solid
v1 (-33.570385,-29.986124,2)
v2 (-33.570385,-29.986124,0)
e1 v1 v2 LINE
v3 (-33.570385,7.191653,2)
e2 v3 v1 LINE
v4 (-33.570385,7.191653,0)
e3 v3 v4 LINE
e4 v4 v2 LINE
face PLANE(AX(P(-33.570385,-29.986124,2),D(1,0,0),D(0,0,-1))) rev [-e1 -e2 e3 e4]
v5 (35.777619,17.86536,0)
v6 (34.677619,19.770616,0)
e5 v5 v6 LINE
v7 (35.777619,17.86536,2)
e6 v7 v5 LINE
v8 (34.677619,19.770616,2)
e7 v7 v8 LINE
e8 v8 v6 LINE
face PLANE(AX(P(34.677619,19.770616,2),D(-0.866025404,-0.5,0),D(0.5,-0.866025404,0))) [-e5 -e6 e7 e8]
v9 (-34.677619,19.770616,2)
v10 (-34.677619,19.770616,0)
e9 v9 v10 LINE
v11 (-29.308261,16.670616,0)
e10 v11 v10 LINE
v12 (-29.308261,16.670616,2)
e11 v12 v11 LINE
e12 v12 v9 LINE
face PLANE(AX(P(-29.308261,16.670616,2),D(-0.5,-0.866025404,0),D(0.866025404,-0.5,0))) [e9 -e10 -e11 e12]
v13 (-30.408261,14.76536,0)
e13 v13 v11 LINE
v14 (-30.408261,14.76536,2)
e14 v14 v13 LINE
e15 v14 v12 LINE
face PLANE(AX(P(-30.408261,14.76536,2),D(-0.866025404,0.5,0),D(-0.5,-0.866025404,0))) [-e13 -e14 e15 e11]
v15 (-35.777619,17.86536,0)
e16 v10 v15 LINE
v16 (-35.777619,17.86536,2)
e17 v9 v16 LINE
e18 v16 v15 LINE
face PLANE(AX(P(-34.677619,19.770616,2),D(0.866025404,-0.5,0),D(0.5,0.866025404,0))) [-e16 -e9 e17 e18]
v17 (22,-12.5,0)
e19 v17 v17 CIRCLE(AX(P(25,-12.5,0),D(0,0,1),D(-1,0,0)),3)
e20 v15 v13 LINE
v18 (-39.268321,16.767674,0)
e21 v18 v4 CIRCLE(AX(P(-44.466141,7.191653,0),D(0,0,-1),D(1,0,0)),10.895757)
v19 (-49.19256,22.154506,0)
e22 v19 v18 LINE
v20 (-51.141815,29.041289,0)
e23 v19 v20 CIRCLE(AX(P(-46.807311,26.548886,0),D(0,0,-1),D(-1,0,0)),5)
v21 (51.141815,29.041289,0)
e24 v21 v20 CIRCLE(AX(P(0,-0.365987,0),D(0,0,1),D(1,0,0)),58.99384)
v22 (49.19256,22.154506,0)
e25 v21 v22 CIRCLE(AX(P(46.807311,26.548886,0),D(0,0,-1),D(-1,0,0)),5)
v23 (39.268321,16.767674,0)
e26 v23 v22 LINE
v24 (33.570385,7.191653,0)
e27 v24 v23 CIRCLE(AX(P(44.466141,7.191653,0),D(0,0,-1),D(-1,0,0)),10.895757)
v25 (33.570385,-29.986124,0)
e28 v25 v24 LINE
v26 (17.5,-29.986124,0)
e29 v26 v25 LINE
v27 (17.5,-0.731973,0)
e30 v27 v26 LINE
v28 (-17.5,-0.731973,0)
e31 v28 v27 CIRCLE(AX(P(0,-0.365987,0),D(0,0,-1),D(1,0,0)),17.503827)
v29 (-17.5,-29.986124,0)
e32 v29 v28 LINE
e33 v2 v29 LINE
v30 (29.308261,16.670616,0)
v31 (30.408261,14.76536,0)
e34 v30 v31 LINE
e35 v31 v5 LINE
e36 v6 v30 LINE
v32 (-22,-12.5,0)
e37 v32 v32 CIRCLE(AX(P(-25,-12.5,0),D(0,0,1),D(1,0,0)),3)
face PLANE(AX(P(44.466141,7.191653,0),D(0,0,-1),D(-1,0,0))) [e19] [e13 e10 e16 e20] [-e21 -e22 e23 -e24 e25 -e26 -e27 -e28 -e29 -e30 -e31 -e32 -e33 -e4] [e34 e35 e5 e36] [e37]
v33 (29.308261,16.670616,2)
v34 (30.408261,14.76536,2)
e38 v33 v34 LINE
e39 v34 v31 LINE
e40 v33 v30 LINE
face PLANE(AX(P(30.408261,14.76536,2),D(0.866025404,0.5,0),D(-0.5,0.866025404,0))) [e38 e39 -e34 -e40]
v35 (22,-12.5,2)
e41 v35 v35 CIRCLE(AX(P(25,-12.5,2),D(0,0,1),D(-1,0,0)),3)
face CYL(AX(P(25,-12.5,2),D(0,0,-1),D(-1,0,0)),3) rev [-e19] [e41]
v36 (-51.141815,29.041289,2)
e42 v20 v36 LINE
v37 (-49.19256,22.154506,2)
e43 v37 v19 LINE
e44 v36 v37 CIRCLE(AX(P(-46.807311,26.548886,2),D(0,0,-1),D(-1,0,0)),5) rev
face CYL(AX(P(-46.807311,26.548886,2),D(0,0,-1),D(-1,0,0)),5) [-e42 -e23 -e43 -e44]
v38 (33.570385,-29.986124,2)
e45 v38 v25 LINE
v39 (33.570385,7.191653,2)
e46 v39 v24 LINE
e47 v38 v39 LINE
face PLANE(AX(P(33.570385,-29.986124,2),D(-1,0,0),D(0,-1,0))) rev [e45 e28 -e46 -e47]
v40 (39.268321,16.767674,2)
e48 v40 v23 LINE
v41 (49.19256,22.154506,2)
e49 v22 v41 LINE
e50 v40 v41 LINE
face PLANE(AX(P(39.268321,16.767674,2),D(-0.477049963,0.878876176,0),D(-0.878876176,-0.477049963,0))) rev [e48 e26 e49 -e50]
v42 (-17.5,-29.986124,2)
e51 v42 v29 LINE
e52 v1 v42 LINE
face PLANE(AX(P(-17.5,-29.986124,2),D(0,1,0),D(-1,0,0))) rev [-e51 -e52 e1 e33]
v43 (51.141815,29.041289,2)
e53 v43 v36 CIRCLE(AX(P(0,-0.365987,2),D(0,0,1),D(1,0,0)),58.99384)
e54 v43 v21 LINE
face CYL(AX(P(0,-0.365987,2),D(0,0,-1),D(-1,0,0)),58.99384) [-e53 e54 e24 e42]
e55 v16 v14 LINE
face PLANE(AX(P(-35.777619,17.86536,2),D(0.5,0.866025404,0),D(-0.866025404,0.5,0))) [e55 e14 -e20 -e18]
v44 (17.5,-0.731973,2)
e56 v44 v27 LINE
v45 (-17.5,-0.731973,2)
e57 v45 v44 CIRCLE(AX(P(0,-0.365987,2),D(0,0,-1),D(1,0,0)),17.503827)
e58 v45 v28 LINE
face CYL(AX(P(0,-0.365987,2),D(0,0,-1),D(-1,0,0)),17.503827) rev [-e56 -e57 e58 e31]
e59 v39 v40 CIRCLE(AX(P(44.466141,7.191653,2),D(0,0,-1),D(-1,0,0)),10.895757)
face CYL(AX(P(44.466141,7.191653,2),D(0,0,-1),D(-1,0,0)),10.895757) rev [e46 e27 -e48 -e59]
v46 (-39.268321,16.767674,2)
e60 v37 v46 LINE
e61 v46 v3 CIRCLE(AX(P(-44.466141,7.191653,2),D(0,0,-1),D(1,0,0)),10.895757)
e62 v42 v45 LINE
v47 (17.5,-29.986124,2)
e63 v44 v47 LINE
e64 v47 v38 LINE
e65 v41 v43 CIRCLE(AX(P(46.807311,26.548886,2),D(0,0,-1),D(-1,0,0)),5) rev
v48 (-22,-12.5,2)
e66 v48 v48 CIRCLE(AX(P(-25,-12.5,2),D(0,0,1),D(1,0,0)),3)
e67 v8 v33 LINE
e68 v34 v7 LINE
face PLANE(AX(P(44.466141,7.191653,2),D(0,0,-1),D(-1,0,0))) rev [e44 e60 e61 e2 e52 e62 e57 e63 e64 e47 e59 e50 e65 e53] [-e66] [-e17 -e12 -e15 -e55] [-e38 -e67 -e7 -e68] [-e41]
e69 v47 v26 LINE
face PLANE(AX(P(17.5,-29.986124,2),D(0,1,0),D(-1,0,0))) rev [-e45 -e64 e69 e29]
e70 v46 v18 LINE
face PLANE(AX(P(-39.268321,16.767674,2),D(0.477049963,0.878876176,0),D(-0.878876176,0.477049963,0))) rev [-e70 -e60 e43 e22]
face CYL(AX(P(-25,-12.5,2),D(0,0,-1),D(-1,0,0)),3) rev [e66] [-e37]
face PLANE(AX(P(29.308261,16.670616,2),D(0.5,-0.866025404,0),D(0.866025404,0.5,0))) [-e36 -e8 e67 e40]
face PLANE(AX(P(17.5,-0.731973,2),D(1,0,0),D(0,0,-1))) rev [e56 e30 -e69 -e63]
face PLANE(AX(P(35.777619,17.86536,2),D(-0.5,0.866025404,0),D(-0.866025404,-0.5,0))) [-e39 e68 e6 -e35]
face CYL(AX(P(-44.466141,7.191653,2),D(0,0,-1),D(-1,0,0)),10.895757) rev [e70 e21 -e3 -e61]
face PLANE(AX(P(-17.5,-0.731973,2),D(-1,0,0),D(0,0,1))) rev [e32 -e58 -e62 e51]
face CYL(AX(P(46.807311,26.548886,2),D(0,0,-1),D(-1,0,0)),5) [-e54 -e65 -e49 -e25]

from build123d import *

# Parameters (mm, degrees)
SKETCH1_R           = 3
BOSS_EXTRUDE1_DEPTH = 2
FILLET1_R           = 5


with BuildPart() as part:
    # Sketch1 → Boss-Extrude1 (new body)
    with BuildSketch(Plane.XY):
        with BuildLine():
            Line((-17.5, -29.9861237), (-33.570384709, -29.9861237))
            Line((-33.570384709, -29.9861237), (-33.570384709, 7.191652864))
            ThreePointArc((-33.570384709, 7.191652864), (-35.102603086, 12.763157514), (-39.268321068, 16.767673829))
            Line((-39.268321068, 16.767673829), (-53.500564058, 24.492870138))
            ThreePointArc((-53.500564058, 24.492870138), (0, 58.627853025), (53.500564058, 24.492870138))
            Line((53.500564058, 24.492870138), (39.268321068, 16.767673829))
            ThreePointArc((39.268321068, 16.767673829), (35.102603086, 12.763157514), (33.570384709, 7.191652864))
            Line((33.570384709, 7.191652864), (33.570384709, -29.9861237))
            Line((33.570384709, -29.9861237), (17.5, -29.9861237))
            Line((17.5, -29.9861237), (17.5, -0.731973174))
            ThreePointArc((17.5, -0.731973174), (0, 17.137840029), (-17.5, -0.731973174))
            Line((-17.5, -0.731973174), (-17.5, -29.9861237))
        make_face()
        with Locations((-25, -12.5)):
            Circle(SKETCH1_R, mode=Mode.SUBTRACT)
        with Locations((25, -12.5)):
            Circle(SKETCH1_R, mode=Mode.SUBTRACT)
        Polygon((-35.777618692, 17.865360065), (-30.408261188, 14.765360065), (-29.308261188, 16.670615954), (-34.677618692, 19.770615954), align=None, mode=Mode.SUBTRACT)
        Polygon((30.408261188, 14.765360065), (29.308261188, 16.670615954), (34.677618692, 19.770615954), (35.777618692, 17.865360065), align=None, mode=Mode.SUBTRACT)
    extrude(amount=BOSS_EXTRUDE1_DEPTH)

    # Fillet1
    fillet1_edges = [part.edges().sort_by_distance(p)[0] for p in [
        (-53.500564058, 24.492870138, 1),
        (53.500564058, 24.492870138, 1),
    ]]
    fillet(fillet1_edges, radius=FILLET1_R)


solid = part.part
